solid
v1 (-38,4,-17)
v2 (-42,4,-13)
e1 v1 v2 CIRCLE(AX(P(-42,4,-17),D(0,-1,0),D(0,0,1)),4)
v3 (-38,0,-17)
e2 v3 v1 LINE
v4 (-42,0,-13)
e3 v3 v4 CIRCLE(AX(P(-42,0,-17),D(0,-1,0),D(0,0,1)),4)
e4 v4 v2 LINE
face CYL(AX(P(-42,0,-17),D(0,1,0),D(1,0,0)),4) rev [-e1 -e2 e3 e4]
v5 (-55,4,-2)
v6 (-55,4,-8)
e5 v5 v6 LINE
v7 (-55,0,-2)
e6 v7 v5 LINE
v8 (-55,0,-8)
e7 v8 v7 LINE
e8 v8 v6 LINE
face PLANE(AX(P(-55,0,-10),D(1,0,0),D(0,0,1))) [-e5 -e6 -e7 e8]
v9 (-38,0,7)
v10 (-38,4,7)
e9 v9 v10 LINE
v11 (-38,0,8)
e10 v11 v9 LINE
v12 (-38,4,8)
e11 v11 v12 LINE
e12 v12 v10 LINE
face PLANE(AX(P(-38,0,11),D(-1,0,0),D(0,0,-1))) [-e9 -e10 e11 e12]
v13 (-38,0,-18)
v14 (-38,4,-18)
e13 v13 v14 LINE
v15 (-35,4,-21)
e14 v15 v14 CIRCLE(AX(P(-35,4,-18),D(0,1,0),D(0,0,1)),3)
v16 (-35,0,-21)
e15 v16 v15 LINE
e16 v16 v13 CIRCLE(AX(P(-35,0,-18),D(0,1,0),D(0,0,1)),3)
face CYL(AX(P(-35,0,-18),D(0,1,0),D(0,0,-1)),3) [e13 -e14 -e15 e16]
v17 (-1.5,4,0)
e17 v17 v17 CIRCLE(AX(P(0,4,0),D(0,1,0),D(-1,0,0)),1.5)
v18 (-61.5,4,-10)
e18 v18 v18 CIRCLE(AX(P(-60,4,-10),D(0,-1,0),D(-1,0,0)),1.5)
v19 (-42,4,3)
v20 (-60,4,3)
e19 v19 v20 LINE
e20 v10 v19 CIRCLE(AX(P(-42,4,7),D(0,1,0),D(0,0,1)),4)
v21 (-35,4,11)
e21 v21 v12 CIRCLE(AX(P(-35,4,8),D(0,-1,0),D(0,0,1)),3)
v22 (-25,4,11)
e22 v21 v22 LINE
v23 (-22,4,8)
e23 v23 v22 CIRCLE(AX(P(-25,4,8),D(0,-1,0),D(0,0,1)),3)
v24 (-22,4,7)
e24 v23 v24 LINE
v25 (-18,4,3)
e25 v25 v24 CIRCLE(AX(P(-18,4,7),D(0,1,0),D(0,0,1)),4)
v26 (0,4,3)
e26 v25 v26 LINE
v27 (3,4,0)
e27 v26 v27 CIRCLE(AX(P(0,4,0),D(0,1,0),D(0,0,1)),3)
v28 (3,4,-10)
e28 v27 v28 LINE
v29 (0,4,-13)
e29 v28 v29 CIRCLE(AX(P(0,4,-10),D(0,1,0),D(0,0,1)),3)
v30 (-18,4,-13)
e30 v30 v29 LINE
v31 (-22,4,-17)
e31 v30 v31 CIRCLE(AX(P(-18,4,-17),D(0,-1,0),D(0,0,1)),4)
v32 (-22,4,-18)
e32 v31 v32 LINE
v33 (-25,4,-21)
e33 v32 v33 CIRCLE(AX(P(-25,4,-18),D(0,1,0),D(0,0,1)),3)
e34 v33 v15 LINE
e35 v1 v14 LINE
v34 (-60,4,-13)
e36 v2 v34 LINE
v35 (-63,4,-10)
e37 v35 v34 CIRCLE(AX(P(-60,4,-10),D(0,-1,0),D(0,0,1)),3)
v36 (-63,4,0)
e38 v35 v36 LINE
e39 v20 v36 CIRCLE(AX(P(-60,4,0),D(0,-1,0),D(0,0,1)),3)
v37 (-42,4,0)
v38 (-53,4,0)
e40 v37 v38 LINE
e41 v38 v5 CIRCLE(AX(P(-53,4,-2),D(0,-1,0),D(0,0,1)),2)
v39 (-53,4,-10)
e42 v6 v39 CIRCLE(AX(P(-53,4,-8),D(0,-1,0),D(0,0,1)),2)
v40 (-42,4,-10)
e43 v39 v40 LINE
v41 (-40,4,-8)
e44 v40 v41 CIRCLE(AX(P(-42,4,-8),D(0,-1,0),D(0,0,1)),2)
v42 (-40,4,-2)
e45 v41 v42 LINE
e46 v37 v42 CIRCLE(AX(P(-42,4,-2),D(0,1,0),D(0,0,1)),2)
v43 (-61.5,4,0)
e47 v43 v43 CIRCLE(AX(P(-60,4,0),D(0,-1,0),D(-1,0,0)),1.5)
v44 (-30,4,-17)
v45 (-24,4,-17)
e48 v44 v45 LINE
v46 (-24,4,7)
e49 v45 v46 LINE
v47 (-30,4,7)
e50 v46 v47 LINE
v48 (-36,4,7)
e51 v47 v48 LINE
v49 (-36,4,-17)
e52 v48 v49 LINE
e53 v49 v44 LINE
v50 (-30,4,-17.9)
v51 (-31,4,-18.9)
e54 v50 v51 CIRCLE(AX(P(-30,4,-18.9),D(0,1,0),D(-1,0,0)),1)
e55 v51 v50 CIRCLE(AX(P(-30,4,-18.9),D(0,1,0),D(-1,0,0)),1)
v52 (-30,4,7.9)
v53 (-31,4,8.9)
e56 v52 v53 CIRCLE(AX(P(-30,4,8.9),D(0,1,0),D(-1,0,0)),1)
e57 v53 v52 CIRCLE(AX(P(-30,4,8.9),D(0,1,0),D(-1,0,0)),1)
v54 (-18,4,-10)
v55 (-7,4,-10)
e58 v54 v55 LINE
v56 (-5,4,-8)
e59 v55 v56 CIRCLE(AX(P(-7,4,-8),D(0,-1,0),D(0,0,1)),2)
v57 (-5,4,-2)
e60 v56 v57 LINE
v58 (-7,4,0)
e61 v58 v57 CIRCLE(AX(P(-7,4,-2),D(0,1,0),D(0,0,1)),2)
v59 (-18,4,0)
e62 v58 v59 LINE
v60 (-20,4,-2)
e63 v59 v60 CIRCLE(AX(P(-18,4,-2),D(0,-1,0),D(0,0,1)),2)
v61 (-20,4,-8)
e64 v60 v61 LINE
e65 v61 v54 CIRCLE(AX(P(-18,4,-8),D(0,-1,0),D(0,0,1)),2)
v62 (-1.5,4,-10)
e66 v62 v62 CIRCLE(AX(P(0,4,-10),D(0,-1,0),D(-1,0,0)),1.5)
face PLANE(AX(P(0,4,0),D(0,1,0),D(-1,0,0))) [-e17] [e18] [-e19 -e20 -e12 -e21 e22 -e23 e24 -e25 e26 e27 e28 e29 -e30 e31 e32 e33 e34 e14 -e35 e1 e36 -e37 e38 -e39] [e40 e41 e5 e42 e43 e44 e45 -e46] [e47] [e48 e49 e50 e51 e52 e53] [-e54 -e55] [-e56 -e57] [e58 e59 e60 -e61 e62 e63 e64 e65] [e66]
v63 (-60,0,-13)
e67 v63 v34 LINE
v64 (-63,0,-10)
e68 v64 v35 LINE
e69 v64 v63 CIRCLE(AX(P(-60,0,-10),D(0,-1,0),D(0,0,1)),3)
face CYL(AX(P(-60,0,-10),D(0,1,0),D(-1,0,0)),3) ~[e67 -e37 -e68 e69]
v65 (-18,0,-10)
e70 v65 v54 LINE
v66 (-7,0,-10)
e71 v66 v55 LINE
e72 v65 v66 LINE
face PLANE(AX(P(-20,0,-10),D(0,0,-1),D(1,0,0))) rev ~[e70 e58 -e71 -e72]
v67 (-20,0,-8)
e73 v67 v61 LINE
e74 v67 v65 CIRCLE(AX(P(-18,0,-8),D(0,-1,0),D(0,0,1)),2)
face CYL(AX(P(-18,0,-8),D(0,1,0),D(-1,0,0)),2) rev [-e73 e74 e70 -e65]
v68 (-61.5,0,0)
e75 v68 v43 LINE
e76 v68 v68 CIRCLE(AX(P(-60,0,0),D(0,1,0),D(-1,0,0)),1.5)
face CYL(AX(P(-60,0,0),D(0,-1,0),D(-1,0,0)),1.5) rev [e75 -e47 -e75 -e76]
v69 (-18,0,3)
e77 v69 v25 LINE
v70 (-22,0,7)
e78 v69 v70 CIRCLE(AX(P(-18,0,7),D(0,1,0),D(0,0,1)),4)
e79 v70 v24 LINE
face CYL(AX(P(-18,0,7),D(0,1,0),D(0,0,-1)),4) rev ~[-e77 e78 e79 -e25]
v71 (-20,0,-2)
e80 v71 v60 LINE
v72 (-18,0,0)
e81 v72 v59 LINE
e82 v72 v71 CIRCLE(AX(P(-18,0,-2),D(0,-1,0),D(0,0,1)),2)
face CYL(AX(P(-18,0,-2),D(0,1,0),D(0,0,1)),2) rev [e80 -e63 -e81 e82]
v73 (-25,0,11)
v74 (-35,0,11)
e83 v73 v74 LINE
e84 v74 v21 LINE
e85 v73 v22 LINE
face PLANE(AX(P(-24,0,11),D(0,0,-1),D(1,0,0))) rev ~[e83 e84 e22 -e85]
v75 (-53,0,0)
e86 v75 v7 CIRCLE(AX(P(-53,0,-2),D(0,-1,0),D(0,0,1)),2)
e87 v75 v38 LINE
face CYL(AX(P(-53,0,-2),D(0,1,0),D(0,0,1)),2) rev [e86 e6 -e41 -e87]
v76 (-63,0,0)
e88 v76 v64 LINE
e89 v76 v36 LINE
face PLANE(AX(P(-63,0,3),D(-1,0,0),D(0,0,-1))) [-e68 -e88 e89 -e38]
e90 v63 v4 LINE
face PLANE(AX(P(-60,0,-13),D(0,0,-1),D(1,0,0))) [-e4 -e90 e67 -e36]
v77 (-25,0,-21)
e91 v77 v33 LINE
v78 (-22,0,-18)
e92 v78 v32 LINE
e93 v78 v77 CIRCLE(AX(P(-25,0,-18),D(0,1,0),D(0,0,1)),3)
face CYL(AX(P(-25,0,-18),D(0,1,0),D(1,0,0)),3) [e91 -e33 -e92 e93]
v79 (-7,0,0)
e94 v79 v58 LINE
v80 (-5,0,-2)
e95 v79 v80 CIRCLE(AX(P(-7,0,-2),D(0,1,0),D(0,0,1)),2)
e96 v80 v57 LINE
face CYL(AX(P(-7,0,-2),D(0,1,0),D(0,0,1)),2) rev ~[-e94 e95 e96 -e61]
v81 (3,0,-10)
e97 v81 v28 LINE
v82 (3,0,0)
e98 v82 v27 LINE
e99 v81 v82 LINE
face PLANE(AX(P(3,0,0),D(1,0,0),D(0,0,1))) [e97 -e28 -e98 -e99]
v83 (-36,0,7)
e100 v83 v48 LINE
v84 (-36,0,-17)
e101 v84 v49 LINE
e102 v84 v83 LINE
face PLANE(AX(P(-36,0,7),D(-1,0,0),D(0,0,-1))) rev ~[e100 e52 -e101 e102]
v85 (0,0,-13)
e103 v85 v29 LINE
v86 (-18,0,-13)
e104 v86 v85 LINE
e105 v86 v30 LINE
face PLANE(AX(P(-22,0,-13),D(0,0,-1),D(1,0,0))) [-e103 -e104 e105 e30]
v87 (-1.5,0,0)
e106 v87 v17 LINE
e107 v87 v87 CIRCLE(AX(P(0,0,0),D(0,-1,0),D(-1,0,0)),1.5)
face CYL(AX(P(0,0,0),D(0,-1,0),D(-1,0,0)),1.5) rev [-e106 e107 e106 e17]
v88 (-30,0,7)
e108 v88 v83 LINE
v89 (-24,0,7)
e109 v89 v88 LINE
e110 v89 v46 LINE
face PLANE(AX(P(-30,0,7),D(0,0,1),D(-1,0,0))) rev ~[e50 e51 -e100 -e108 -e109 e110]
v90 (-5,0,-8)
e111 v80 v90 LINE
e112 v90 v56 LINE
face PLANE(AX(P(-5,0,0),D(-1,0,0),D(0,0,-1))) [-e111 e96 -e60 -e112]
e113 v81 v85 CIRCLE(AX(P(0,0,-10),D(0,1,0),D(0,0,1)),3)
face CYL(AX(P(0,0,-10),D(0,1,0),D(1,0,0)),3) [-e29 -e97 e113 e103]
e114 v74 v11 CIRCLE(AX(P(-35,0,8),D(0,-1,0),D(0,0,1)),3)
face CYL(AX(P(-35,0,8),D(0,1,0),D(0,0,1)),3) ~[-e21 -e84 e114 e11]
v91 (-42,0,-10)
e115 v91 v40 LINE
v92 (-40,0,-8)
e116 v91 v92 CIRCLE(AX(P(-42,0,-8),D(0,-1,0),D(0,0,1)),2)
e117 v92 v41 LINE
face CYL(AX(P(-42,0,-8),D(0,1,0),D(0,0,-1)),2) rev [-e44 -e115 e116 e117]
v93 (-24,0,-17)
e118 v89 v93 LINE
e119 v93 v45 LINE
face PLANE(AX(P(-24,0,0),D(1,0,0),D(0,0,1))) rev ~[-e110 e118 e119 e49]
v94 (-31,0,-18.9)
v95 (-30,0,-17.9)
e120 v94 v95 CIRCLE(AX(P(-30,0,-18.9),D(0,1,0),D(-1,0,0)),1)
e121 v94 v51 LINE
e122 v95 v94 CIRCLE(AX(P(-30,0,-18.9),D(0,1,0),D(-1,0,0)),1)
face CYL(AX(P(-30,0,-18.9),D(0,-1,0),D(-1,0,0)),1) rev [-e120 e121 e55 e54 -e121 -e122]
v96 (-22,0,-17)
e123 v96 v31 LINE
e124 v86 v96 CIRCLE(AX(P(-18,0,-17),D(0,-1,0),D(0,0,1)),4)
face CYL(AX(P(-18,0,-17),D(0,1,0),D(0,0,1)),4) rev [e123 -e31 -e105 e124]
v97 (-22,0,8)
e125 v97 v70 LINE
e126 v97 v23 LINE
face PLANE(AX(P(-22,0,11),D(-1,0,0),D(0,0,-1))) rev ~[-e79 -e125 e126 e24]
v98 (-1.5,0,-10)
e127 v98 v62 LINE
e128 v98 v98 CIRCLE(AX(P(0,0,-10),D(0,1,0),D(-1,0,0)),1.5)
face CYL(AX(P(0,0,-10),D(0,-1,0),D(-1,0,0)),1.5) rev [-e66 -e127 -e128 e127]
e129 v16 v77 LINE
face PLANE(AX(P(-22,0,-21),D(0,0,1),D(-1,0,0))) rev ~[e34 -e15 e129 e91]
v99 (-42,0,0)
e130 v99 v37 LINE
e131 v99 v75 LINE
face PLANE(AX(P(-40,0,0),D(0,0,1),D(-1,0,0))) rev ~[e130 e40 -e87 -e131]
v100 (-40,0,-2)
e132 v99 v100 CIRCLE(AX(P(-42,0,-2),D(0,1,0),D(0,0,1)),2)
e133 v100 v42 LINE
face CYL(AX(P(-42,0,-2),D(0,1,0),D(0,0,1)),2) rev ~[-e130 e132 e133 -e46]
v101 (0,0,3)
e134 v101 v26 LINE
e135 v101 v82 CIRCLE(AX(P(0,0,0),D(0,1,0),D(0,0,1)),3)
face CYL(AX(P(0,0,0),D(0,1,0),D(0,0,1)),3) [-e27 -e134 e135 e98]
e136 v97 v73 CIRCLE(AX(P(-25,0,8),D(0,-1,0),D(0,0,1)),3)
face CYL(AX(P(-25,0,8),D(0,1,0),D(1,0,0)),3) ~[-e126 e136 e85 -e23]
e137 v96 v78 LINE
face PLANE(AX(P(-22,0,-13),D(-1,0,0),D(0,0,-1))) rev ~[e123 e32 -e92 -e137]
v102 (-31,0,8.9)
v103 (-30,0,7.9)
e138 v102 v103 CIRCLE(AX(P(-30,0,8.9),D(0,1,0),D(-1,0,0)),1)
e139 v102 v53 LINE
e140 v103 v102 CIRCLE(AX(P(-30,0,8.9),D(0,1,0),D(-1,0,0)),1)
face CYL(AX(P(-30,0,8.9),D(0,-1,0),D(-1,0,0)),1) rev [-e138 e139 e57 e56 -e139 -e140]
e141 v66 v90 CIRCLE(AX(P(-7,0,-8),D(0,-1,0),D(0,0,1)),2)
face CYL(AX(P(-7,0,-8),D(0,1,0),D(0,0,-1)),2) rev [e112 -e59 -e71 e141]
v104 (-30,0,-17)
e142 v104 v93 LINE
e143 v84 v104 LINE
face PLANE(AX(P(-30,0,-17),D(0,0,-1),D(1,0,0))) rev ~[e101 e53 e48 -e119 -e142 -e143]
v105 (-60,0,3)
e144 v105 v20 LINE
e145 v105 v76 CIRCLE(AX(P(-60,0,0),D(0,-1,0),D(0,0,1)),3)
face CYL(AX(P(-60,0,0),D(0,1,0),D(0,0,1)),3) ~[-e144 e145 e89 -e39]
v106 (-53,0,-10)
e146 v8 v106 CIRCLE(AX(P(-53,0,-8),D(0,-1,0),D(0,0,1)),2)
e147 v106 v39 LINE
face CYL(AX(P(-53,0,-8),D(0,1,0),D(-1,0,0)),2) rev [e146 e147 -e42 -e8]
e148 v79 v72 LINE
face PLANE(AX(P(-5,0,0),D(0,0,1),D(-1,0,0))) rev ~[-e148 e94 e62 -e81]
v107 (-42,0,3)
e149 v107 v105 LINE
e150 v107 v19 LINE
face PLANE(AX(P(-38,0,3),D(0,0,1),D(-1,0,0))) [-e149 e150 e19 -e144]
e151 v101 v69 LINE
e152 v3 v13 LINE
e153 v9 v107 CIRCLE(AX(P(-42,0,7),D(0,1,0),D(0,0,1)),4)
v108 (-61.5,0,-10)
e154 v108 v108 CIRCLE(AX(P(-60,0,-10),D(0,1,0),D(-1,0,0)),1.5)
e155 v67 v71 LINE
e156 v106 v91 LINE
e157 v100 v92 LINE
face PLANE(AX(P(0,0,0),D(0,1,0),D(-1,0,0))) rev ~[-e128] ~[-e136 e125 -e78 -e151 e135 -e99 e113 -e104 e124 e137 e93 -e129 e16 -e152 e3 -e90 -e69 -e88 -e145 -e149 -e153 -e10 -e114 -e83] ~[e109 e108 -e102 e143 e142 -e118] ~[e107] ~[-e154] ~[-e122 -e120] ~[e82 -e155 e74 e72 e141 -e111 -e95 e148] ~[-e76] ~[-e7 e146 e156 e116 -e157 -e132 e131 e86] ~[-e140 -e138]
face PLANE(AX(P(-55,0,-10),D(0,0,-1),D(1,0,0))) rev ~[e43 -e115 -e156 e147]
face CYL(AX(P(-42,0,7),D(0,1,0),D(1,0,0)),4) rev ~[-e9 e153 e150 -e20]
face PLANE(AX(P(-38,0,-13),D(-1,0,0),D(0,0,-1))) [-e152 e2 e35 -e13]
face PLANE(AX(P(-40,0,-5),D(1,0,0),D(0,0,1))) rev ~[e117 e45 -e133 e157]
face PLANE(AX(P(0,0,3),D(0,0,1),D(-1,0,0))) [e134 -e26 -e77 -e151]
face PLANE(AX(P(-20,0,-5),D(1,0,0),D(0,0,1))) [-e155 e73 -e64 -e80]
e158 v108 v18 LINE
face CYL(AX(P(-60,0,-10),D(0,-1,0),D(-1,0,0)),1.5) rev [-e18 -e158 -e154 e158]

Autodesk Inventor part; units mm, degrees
ref_plane "YZ Plane" through (0, 0, 0) normal (1, 0, 0) x (0, 1, 0)
ref_plane "XZ Plane" through (0, 0, 0) normal (0, 1, 0) x (-1, 0, 0)
ref_plane "XY Plane" through (0, 0, 0) normal (0, 0, 1) x (1, 0, 0)
sketch "Sketch1" plane through (0, 0, 0) normal (0, 1, 0) x (-1, 0, 0)
  line L0 (0, 0) -> (60, 0)
  line L1 (60, 0) -> (60, -10)
  line L2 (60, -10) -> (0, -10)
  line L3 (0, -10) -> (0, 0)
  circle A0 centre (60, 0) radius 1.5
  circle A1 centre (60, -10) radius 1.5
  circle A2 centre (0, 0) radius 1.5
  circle A3 centre (0, -10) radius 1.5
  line L4 (60, -10) -> (63, -10)
  line L5 (63, -10) -> (63, -13)
  line L6 (63, -13) -> (60, -13)
  line L7 (60, -13) -> (60, -10)
  line L8 (0, 0) -> (-3, 0)
  line L9 (-3, 0) -> (-3, 3)
  line L10 (-3, 3) -> (0, 3)
  line L11 (0, 3) -> (0, 0)
  line L12 (-3, 3) -> (63, 3)
  line L13 (63, 3) -> (63, -13)
  line L14 (63, -13) -> (-3, -13)
  line L15 (-3, -13) -> (-3, 3)
  line L16 (60, -5) -> (0, -5)
  line L17 (24, 7) -> (36, 7)
  line L18 (36, 7) -> (36, -17)
  line L19 (36, -17) -> (24, -17)
  line L20 (24, -17) -> (24, 7)
  line L21 (24, 7) -> (36, -17) construction
  line L22 (36, 7) -> (24, -17) construction
  line L23 (30, -5) -> (30, 6.25)
  line L24 (30, 6.25) -> (30, 8.9)
  circle A4 centre (30, 8.9) radius 1
  line L25 (30, -5) -> (30, -16.25)
  line L26 (30, -16.25) -> (30, -18.9)
  circle A5 centre (30, -18.9) radius 1
  line L27 (36, 7) -> (24, 7)
  line L28 (24, 7) -> (24, 11)
  line L29 (24, 11) -> (36, 11)
  line L30 (36, 11) -> (36, 7)
  line L31 (36, -17) -> (24, -17)
  line L32 (24, -17) -> (24, -21)
  line L33 (24, -21) -> (36, -21)
  line L34 (36, -21) -> (36, -17)
  line L35 (36, 11) -> (38, 11)
  line L36 (38, 11) -> (38, -21)
  line L37 (38, -21) -> (36, -21)
  line L38 (36, -21) -> (36, 11)
  line L39 (24, 11) -> (20.9428, 11)
  line L40 (24, 9) -> (24, 11)
  line L41 (24, 11) -> (22, 11)
  line L42 (22, 11) -> (22, -21)
  line L43 (22, -21) -> (24, -21)
  line L44 (24, -21) -> (24, 11)
  line L45 (60, -5) -> (55, -5)
  line L46 (55, -5) -> (40, -5)
  line L47 (40, -5) -> (40, 0)
  line L48 (40, 0) -> (55, 0)
  line L49 (55, 0) -> (55, -5)
  line L50 (55, 0) -> (40, 0)
  line L51 (40, 0) -> (40, -10)
  line L52 (40, -10) -> (55, -10)
  line L53 (55, -10) -> (55, 0)
  line L54 (0, -5) -> (5, -5)
  line L55 (5, -5) -> (20, -5)
  line L56 (20, -5) -> (20, 0)
  line L57 (20, 0) -> (5, 0)
  line L58 (5, 0) -> (5, -5)
  line L59 (20, 0) -> (5, 0)
  line L60 (5, 0) -> (5, -10)
  line L61 (5, -10) -> (20, -10)
  line L62 (20, -10) -> (20, 0)
  point P0 (24, -13)
  point P1 (24, 3)
  point P2 (38, 3)
  point P3 (38, -13)
  point P4 (22, -13)
  point P5 (22, 3)
  dimension "d0" = 60
  dimension "d1" = 10
  dimension "d2" = 3
  dimension "d3" = 3
  dimension "d4" = 3
  dimension "d5" = 3
  dimension "d6" = 3
  dimension "d7" = 3
  dimension "d8" = 3
  dimension "d9" = 3
  dimension "d12" = 12
  dimension "d13" = 24
  dimension "d14" = 11.25
  dimension "d15" = 2.65
  dimension "d16" = 2
  dimension "d17" = 11.25
  dimension "d18" = 2.65
  dimension "d19" = 2
  dimension "d20" = 4
  dimension "d21" = 4
  dimension "d22" = 2
  dimension "d24" = 2
  dimension "d28" = 5
  dimension "d29" = 15
  dimension "d30" = 5
  dimension "d31" = 5
  dimension "d32" = 15
extrude "Extrusion1" add sketch "Sketch1" along normal blind 4 contours A2 L11 L12 L42 L0 | L0 L58 L16 L3 A2 | L3 A3 L2 L42 L14 L15 L8 A2 | L8 L9 L10 L11 A2 | L16 L60 L2 A3 L3 | L0 L42 L16 L56 | L42 L39 L28 L20 L12 | L12 L20 L0 L42 | L0 L20 L16 L42 | L16 L42 L2 L62 | L42 L2 L20 L14 | L14 L20 L32 L43 L42 | L16 L20 L2 L42 | L28 L29 L30 L17 | L19 L34 L33 L32 | L18 L30 L35 L36 L12 | L12 L36 L0 L18 | L0 L36 L16 L18 | L18 L2 L36 L14 | L14 L36 L37 L34 L18 | L12 L13 L4 A1 L1 A0 L0 L36 | L0 L47 L16 L36 | L16 L36 L2 L18 | L36 L2 A1 L7 L14 | L16 L51 L2 L36 | L7 A1 L4 L5 L6 | L0 A0 L1 L16 L49 | L16 L1 A1 L2 L53
fillet "Fillet1" radius 4 4 edges at (-22, 2, 3) (-22, 2, -13) (-38, 2, -13) (-38, 2, 3)
fillet "Fillet2" radius 3 4 edges at (-38, 2, 11) (-22, 2, 11) (-22, 2, -21) (-38, 2, -21)
fillet "Fillet3" radius 3 4 edges at (-63, 2, 3) (-63, 2, -13) (3, 2, -13) (3, 2, 3)
fillet "Fillet4" radius 2 8 edges at (-55, 2, -10) (-40, 2, -10) (-40, 2, 0) (-55, 2, 0) (-20, 2, -10) (-20, 2, 0) (-5, 2, 0) (-5, 2, -10)
properties part number "microservo_support1"
